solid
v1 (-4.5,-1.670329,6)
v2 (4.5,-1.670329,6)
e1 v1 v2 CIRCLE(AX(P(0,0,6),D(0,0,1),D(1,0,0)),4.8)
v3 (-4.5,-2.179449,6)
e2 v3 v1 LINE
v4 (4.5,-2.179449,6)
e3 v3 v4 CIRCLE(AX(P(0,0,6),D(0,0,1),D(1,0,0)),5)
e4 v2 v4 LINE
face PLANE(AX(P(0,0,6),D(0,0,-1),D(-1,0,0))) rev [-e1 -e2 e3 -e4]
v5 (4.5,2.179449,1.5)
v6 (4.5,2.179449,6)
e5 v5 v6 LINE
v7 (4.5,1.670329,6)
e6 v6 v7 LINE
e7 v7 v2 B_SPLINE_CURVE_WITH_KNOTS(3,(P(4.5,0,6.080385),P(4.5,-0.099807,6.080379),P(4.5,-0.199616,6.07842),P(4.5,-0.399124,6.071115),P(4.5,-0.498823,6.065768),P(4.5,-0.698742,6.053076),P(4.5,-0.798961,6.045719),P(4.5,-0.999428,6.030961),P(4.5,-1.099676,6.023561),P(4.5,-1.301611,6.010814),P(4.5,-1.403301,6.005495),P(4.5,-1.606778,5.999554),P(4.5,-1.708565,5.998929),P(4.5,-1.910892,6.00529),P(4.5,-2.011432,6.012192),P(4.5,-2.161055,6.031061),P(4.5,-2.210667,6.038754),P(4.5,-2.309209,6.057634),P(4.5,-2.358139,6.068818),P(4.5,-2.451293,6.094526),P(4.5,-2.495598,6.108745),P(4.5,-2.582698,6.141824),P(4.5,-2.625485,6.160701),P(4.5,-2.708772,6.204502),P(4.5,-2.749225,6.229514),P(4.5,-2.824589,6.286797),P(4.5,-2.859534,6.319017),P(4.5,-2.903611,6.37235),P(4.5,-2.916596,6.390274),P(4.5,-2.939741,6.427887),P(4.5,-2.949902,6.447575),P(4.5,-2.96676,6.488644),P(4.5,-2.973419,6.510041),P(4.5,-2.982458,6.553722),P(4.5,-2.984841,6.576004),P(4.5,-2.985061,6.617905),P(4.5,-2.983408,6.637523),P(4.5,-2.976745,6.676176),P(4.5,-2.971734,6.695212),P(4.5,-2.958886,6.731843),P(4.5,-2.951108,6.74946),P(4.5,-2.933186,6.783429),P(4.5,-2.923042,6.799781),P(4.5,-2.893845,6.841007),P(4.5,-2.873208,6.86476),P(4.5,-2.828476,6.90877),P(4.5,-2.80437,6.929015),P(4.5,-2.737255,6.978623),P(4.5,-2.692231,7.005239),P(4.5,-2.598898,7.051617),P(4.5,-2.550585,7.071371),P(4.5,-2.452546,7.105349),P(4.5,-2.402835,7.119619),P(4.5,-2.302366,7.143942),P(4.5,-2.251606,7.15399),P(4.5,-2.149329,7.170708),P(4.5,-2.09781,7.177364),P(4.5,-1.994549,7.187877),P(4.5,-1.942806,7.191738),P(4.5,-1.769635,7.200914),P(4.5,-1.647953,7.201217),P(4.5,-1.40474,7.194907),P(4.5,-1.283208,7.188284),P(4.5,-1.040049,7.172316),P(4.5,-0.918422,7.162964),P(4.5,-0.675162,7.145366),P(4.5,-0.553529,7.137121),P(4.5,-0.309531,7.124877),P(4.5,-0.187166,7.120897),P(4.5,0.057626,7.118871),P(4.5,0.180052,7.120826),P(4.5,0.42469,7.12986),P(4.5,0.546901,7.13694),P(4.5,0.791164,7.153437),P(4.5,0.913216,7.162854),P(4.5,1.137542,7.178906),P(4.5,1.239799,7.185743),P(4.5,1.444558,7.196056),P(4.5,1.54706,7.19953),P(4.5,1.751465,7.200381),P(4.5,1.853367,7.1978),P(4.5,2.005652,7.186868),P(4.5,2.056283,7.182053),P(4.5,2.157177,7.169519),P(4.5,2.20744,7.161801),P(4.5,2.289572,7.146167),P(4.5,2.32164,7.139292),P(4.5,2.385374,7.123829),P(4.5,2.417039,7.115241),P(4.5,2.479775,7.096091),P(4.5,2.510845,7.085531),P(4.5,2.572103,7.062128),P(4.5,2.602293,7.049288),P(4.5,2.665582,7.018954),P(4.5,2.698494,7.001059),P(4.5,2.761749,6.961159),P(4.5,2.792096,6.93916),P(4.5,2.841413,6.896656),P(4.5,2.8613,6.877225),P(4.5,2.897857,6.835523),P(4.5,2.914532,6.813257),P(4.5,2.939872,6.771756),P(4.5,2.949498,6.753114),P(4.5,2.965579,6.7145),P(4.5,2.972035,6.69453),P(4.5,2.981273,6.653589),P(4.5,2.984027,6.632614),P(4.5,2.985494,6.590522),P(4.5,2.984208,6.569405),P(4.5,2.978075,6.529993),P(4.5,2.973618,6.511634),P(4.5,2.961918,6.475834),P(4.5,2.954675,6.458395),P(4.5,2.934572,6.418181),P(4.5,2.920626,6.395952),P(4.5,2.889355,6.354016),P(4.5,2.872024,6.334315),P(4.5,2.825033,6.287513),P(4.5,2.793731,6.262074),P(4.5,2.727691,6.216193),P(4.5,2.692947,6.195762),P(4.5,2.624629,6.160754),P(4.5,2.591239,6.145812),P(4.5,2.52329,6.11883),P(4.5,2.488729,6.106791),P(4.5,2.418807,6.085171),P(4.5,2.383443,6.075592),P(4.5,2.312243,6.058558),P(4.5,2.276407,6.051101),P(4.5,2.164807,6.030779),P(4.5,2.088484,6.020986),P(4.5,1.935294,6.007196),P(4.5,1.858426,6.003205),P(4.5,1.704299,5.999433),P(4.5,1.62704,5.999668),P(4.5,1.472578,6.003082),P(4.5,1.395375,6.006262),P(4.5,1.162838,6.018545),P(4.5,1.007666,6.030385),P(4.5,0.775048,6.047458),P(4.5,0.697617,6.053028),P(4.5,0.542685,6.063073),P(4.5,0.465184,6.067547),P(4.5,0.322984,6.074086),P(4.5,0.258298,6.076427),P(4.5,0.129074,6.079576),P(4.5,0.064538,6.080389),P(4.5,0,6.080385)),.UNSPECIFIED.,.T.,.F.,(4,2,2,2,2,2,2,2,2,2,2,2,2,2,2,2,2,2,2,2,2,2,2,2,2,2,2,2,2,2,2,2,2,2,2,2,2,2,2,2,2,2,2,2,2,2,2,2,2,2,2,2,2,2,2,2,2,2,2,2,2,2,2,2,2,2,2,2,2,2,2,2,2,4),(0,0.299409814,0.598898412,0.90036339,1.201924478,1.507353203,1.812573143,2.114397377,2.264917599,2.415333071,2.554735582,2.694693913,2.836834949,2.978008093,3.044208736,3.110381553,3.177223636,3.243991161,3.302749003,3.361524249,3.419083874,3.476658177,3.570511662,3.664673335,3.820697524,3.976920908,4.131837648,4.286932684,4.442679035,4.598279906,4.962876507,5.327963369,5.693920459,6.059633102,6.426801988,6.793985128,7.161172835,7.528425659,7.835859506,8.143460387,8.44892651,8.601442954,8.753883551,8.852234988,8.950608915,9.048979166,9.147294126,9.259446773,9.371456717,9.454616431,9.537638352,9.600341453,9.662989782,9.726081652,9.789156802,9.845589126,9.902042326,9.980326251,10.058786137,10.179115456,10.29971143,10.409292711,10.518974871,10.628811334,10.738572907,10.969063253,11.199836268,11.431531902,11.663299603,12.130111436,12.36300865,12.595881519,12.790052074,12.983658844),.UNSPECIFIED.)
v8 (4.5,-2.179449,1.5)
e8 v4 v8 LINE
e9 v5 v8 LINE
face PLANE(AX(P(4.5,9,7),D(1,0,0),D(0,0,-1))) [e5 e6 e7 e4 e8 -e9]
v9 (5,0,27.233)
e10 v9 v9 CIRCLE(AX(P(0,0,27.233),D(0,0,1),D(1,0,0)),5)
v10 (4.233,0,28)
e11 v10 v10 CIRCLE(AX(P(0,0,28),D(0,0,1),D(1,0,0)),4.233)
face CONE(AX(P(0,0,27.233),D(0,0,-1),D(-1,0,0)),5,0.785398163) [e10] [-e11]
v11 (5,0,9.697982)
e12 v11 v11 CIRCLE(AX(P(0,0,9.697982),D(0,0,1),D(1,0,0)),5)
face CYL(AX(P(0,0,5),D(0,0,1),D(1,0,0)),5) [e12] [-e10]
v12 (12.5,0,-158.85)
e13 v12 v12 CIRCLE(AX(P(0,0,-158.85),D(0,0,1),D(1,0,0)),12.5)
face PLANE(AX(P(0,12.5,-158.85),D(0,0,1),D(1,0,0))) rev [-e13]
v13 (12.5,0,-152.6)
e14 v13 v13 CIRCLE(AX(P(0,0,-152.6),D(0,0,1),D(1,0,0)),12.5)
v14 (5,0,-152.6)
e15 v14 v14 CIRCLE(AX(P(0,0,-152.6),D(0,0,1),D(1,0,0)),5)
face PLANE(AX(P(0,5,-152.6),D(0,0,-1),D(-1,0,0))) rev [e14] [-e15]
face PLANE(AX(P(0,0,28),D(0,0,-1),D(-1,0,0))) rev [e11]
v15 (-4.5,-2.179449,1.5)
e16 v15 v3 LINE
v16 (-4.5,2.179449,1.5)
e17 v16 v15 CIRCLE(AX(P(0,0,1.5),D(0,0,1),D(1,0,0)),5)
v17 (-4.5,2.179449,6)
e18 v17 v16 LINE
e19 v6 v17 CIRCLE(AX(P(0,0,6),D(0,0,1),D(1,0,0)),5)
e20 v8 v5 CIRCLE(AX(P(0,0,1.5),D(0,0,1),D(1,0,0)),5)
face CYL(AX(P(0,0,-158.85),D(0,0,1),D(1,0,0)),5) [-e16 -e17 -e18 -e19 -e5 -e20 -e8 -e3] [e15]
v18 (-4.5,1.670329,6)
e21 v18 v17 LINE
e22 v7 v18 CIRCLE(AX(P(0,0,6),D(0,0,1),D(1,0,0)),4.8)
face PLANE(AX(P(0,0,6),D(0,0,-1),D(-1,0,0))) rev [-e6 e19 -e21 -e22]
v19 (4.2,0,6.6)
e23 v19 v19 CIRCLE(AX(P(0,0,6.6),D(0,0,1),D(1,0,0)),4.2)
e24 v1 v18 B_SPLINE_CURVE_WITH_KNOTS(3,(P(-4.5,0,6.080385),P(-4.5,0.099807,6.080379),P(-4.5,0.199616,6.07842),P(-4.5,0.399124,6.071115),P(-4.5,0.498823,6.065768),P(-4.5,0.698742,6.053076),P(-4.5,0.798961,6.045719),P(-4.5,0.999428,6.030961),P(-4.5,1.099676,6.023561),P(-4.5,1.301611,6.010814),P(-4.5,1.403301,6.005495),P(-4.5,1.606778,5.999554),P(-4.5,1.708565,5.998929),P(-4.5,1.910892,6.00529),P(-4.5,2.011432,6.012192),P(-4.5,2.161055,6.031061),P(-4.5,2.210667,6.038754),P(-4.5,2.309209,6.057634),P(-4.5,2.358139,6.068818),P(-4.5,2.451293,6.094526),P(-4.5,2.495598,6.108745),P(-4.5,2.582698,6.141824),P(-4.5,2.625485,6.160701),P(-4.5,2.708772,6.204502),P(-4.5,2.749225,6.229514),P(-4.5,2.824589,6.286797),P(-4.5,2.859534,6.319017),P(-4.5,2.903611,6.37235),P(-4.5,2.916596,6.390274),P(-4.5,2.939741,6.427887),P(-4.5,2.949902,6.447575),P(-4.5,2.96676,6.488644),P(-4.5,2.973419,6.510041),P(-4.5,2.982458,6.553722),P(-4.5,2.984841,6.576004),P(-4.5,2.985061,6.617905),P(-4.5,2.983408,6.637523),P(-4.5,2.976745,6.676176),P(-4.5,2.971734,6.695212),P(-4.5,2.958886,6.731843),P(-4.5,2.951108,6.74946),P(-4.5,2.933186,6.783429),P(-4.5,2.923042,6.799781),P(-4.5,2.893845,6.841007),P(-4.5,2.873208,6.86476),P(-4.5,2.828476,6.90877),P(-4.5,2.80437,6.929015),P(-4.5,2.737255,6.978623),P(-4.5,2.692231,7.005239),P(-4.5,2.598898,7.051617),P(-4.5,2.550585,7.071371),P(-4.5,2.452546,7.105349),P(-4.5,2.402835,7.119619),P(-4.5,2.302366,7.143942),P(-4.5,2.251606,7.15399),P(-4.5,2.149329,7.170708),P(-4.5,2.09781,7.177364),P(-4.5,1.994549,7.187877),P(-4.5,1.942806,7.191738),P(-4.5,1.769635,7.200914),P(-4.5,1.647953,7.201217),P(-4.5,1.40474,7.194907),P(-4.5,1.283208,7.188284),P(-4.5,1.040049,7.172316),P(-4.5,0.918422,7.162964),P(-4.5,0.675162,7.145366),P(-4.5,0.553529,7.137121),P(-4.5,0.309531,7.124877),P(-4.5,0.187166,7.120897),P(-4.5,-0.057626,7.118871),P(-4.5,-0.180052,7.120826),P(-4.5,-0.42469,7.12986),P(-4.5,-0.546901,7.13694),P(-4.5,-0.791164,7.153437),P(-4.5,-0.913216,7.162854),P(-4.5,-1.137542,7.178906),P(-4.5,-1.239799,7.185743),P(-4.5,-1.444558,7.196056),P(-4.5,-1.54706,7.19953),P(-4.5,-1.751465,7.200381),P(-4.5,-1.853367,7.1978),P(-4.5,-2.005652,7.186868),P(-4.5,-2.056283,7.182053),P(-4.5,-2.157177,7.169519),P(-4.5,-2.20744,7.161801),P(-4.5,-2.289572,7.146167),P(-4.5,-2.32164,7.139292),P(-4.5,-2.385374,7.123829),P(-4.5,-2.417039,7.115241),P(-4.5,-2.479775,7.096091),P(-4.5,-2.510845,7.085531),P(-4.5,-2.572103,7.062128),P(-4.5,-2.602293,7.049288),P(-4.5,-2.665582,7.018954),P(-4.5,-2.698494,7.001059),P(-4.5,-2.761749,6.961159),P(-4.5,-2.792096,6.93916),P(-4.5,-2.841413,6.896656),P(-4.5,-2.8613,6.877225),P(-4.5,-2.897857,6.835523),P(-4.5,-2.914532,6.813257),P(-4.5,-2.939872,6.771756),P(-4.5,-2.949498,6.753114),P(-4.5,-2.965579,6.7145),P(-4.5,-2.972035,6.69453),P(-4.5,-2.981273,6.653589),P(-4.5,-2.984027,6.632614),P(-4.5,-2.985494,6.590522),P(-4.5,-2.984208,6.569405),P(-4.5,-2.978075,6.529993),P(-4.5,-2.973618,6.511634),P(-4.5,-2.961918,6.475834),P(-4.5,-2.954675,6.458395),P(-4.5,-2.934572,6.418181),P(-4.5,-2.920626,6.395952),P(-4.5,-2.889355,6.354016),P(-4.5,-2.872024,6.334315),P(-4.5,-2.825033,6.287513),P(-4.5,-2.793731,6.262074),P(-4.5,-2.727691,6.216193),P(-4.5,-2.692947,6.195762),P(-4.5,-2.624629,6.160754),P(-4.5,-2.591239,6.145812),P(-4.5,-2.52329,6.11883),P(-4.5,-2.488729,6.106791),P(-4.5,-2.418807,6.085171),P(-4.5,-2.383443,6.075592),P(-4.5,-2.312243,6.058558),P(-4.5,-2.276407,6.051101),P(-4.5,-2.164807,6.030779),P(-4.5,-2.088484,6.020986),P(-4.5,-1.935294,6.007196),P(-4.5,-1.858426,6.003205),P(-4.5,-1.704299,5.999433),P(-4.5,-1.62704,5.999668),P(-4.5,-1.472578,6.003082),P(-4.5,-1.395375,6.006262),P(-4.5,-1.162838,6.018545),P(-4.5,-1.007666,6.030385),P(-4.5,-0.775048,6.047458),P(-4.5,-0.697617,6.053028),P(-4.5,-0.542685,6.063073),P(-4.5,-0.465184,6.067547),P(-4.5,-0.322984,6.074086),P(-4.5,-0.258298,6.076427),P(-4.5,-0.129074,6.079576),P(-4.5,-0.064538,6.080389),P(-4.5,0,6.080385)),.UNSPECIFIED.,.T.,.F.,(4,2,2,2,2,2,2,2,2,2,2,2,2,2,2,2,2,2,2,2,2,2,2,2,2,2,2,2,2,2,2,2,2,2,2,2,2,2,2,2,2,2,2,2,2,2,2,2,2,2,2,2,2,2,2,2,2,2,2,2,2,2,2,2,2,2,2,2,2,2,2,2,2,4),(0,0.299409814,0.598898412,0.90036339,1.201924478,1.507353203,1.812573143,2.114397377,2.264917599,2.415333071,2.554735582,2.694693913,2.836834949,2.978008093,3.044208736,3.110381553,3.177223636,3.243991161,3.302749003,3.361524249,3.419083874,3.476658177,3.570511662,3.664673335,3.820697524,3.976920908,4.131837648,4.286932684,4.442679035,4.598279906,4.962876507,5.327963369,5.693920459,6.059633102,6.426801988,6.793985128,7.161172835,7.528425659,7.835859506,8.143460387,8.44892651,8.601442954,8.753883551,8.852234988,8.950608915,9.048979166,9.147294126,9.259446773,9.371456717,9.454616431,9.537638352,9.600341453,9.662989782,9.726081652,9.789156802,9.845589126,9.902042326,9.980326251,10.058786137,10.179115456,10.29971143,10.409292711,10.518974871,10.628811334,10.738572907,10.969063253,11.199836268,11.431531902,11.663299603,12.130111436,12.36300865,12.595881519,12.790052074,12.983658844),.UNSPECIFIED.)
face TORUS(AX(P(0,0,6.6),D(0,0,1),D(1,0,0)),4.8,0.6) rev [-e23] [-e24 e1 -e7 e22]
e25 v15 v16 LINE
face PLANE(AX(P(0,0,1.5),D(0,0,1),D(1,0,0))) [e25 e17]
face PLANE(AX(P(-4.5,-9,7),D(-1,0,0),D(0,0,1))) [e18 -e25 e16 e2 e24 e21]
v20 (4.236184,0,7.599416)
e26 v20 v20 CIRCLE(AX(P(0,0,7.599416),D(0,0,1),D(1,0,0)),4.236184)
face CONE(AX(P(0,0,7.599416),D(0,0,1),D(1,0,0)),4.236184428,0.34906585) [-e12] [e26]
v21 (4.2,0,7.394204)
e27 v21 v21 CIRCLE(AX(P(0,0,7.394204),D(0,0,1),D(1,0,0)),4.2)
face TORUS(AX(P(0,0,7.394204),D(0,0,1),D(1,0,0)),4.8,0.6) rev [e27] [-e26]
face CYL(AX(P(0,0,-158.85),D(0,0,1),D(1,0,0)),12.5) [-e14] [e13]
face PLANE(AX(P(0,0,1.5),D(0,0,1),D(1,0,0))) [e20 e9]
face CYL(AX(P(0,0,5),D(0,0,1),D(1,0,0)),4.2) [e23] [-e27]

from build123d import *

# Parameters (mm, degrees)
SCHNITT_LINEAR_AUSTRAGEN1_DEPTH = 5.5


with BuildPart() as part:
    # Skizze1 → Rotation1 (revolve)
    with BuildSketch(Plane(origin=(0, 0, 0), x_dir=(0, 0, -1), z_dir=(1, 0, 0))):
        Polygon((-6, 0), (-6, 5), (152.6, 5), (152.6, 12.5), (158.85, 12.5), (158.85, 0), align=None)
    revolve(axis=Axis((0, 0, -158.85), (0, 0, 1)))

    # Skizze2 → Rotation2 (revolve)
    with BuildSketch(Plane(origin=(0, 0, 0), x_dir=(0, 0, -1), z_dir=(1, 0, 0))):
        with BuildLine():
            Line((-28, 0), (-28, 4.233))
            Line((-28, 4.233), (-27.233, 5))
            Line((-27.233, 5), (-9.697981936, 5))
            Line((-9.697981936, 5), (-7.599415898, 4.236184428))
            ThreePointArc((-7.599415898, 4.236184428), (-7.498392718, 4.209115348), (-7.394203812, 4.2))
            Line((-7.394203812, 4.2), (-6.6, 4.2))
            ThreePointArc((-6.6, 4.2), (-6.175735931, 4.375735931), (-6, 4.8))
            Line((-6, 4.8), (-6, 5))
            Line((-6, 5), (-5, 5))
            Line((-5, 5), (-5, 0))
            Line((-5, 0), (-28, 0))
        make_face()
    revolve(axis=Axis((0, 0, 5), (0, 0, 1)))

    # Skizze3 → Schnitt-Linear austragen1 (cut)
    with BuildSketch(Plane.XY.offset(1.5)):
        Polygon((-9, 18), (-9, -9), (-4.5, -9), (-4.5, 9), (4.5, 9), (4.5, -9), (9, -9), (9, 18), align=None)
    extrude(amount=SCHNITT_LINEAR_AUSTRAGEN1_DEPTH, mode=Mode.SUBTRACT)


solid = part.part
